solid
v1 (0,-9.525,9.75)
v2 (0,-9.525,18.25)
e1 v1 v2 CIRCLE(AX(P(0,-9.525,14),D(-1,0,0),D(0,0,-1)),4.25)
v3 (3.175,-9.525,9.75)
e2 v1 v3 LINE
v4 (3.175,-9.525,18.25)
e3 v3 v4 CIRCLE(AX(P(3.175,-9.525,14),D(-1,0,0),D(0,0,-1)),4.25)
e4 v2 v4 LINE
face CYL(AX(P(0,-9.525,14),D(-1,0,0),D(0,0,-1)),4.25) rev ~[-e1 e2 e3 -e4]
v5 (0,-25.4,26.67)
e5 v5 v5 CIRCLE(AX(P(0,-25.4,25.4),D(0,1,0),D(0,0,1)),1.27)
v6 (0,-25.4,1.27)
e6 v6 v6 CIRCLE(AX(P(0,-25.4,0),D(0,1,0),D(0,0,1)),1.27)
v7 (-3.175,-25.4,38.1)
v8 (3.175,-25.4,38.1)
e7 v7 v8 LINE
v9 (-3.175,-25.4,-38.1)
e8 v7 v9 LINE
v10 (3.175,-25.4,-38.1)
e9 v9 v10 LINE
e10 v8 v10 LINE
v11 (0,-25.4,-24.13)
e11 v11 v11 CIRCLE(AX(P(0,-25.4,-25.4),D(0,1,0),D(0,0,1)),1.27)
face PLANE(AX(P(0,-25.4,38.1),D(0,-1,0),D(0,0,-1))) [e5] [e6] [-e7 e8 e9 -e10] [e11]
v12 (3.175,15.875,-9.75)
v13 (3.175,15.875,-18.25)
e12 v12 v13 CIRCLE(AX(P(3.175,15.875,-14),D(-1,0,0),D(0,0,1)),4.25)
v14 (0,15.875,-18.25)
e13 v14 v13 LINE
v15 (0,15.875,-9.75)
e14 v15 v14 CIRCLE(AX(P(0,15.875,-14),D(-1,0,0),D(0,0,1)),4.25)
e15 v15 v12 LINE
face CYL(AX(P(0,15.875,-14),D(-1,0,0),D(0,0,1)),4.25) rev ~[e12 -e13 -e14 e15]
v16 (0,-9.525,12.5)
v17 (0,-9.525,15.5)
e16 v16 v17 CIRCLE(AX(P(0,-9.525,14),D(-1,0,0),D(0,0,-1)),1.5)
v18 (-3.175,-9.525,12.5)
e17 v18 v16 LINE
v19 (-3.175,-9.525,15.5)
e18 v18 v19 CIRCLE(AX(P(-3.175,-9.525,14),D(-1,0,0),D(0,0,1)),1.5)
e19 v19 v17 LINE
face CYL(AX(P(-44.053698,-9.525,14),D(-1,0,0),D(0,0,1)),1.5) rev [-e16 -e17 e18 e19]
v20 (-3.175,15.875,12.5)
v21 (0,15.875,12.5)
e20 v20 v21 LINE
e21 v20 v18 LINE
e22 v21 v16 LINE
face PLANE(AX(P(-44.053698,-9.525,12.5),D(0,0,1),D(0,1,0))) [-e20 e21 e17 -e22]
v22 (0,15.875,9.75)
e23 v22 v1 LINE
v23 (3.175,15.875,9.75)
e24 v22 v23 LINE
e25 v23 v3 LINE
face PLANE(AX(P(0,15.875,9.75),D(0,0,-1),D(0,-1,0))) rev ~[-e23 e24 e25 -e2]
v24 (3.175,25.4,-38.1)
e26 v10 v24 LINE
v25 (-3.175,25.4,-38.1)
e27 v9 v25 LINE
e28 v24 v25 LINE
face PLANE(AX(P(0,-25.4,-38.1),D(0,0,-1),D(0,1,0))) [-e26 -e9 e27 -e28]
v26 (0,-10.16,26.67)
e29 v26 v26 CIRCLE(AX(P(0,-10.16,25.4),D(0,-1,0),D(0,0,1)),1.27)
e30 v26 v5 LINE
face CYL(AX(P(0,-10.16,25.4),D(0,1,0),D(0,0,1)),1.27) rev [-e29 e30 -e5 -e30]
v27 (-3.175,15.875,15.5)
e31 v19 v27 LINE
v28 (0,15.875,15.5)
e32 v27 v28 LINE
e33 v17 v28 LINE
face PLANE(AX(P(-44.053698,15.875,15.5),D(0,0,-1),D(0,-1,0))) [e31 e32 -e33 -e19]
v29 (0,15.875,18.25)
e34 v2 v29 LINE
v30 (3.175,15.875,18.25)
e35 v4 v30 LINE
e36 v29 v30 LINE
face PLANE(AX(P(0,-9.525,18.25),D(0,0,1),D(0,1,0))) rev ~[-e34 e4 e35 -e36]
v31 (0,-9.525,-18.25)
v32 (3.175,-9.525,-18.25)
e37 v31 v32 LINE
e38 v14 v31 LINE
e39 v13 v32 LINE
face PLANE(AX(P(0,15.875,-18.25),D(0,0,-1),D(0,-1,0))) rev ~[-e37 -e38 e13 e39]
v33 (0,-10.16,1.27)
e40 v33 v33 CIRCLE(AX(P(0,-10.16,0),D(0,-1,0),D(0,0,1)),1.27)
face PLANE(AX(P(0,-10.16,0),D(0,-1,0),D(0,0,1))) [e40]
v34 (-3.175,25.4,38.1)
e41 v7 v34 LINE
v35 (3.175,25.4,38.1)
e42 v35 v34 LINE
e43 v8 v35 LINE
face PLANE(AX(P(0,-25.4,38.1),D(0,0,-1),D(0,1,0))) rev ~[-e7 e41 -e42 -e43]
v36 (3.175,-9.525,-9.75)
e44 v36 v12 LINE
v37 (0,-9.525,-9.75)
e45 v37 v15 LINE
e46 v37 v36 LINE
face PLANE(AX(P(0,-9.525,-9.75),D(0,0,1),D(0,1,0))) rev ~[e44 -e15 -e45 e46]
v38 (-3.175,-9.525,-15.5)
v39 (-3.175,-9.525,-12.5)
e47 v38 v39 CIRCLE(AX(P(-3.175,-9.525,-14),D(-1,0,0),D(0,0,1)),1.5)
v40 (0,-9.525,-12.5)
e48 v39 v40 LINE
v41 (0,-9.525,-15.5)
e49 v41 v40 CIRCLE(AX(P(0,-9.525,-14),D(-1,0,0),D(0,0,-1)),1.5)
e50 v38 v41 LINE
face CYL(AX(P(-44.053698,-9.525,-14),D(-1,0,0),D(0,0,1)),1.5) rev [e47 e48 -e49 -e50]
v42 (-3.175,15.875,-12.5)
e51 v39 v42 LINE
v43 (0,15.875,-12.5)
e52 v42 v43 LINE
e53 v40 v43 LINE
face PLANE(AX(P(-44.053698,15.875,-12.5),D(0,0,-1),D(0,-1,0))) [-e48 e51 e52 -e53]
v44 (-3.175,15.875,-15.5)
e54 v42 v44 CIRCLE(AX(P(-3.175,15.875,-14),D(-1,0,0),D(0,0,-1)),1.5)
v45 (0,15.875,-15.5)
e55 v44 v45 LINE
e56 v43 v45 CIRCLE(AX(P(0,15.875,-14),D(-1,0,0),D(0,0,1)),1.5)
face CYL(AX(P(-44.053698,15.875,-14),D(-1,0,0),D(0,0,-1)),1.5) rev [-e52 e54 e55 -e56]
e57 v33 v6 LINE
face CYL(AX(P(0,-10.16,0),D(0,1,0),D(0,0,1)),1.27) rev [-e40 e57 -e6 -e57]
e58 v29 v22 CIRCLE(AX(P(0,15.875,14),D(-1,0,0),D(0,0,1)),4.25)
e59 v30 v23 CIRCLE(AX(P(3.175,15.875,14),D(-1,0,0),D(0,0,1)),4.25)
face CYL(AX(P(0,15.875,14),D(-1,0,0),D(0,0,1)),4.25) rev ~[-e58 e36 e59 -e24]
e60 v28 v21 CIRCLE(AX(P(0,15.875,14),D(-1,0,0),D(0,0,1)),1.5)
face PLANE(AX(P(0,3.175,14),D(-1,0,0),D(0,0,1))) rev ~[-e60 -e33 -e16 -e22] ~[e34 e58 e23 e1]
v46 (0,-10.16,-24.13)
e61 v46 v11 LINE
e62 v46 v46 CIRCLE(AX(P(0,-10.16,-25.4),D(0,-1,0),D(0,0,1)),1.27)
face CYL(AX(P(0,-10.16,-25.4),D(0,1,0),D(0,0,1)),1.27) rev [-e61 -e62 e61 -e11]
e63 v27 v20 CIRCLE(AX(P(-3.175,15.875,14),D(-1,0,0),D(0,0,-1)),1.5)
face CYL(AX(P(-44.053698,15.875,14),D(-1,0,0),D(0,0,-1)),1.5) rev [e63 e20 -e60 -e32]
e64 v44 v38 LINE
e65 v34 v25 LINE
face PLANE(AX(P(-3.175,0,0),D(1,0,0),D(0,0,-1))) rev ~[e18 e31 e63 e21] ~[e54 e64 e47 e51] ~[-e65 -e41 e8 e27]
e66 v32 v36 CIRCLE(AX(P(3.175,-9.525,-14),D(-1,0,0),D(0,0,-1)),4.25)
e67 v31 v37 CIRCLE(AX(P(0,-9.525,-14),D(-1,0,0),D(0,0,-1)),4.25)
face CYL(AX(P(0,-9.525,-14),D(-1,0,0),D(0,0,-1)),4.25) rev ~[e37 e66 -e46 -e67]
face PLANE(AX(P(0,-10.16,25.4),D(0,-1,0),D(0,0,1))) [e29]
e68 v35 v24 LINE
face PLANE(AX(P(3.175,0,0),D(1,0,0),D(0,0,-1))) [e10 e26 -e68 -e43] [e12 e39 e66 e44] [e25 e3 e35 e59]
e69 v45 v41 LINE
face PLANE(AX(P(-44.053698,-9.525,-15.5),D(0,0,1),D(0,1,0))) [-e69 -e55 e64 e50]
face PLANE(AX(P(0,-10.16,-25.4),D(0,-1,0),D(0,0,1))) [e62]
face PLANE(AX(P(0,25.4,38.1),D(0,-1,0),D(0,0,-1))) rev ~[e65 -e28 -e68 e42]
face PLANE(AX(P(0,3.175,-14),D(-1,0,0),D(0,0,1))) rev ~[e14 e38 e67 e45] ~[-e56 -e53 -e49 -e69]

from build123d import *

# Parameters (mm, degrees)
SKETCH2_W               = 76.2
SKETCH2_H               = 50.8
BOSS_EXTRUDE2_DEPTH     = 3.175
CUT_EXTRUDE1_DEPTH      = 47.228697797
CUT_EXTRUDE1_DEPTH_BACK = 47.228697797
CUT_EXTRUDE3_START      = -3.175
CUT_EXTRUDE3_DEPTH      = 3.175
CUT_EXTRUDE2_DEPTH      = 64.579325453
CUT_EXTRUDE2_DEPTH_BACK = 15.24
SKETCH4_R               = 1.27


with BuildPart() as part:
    # Sketch2 → Boss-Extrude2 (new, symmetric)
    with BuildSketch(Plane(origin=(0, 0, 0), x_dir=(0, 0, -1), z_dir=(1, 0, 0))):
        Rectangle(SKETCH2_W, SKETCH2_H)
    extrude(amount=BOSS_EXTRUDE2_DEPTH, both=True)

    # Sketch3 → Cut-Extrude1 (cut, two sides: drawn at the far end of the back side and taken through both)
    with BuildSketch(Plane(origin=(3.175, 0, 0), x_dir=(0, 0, -1), z_dir=(1, 0, 0)).offset(-CUT_EXTRUDE1_DEPTH_BACK)):
        with BuildLine():
            Line((-15.500000048, 15.875), (-15.500000048, -9.525))
            ThreePointArc((-15.500000048, -9.525), (-14, -11.025000048), (-12.499999952, -9.525))
            Line((-12.499999952, -9.525), (-12.499999952, 15.875))
            ThreePointArc((-12.499999952, 15.875), (-14, 17.375000048), (-15.500000048, 15.875))
        make_face()
        with BuildLine():
            Line((12.499999952, 15.875), (12.499999952, -9.525))
            ThreePointArc((12.499999952, -9.525), (14, -11.025000048), (15.500000048, -9.525))
            Line((15.500000048, -9.525), (15.500000048, 15.875))
            ThreePointArc((15.500000048, 15.875), (14, 17.375000048), (12.499999952, 15.875))
        make_face()
    extrude(amount=CUT_EXTRUDE1_DEPTH + CUT_EXTRUDE1_DEPTH_BACK, mode=Mode.SUBTRACT)

    # Sketch3<3> → Cut-Extrude3 (cut)
    # profile 1 of 2: a face of its own
    with BuildSketch(Plane(origin=(3.175, 0, 0), x_dir=(0, 0, -1), z_dir=(1, 0, 0)).offset(CUT_EXTRUDE3_START)):
        with BuildLine():
            Line((-18.250000009, -9.525), (-18.250000009, 15.875))
            ThreePointArc((-18.250000009, 15.875), (-14, 20.125000009), (-9.749999991, 15.875))
            Line((-9.749999991, 15.875), (-9.749999991, -9.525))
            ThreePointArc((-9.749999991, -9.525), (-14, -13.775000009), (-18.250000009, -9.525))
        make_face()
        with BuildLine():
            Line((-15.500000048, -9.525), (-15.500000048, 15.875))
            ThreePointArc((-15.500000048, 15.875), (-14, 17.375000048), (-12.499999952, 15.875))
            Line((-12.499999952, 15.875), (-12.499999952, -9.525))
            ThreePointArc((-12.499999952, -9.525), (-14, -11.025000048), (-15.500000048, -9.525))
        make_face(mode=Mode.SUBTRACT)
    # profile 2 of 2: a face of its own
    with BuildSketch(Plane(origin=(3.175, 0, 0), x_dir=(0, 0, -1), z_dir=(1, 0, 0)).offset(CUT_EXTRUDE3_START)):
        with BuildLine():
            Line((9.749999991, -9.525), (9.749999991, 15.875))
            ThreePointArc((9.749999991, 15.875), (14, 20.125000009), (18.250000009, 15.875))
            Line((18.250000009, 15.875), (18.250000009, -9.525))
            ThreePointArc((18.250000009, -9.525), (14, -13.775000009), (9.749999991, -9.525))
        make_face()
        with BuildLine():
            Line((12.499999952, -9.525), (12.499999952, 15.875))
            ThreePointArc((12.499999952, 15.875), (14, 17.375000048), (15.500000048, 15.875))
            Line((15.500000048, 15.875), (15.500000048, -9.525))
            ThreePointArc((15.500000048, -9.525), (14, -11.025000048), (12.499999952, -9.525))
        make_face(mode=Mode.SUBTRACT)
    extrude(amount=CUT_EXTRUDE3_DEPTH, mode=Mode.SUBTRACT)

    # Sketch4 → Cut-Extrude2 (cut, two sides: drawn at the far end of the back side and taken through both)
    with BuildSketch(Plane.XZ.offset(25.4).offset(-CUT_EXTRUDE2_DEPTH_BACK)):
        with Locations((0, 25.4)):
            Circle(SKETCH4_R)
        Circle(SKETCH4_R)
        with Locations((0, -25.4)):
            Circle(SKETCH4_R)
    extrude(amount=CUT_EXTRUDE2_DEPTH + CUT_EXTRUDE2_DEPTH_BACK, mode=Mode.SUBTRACT)


solid = part.part
